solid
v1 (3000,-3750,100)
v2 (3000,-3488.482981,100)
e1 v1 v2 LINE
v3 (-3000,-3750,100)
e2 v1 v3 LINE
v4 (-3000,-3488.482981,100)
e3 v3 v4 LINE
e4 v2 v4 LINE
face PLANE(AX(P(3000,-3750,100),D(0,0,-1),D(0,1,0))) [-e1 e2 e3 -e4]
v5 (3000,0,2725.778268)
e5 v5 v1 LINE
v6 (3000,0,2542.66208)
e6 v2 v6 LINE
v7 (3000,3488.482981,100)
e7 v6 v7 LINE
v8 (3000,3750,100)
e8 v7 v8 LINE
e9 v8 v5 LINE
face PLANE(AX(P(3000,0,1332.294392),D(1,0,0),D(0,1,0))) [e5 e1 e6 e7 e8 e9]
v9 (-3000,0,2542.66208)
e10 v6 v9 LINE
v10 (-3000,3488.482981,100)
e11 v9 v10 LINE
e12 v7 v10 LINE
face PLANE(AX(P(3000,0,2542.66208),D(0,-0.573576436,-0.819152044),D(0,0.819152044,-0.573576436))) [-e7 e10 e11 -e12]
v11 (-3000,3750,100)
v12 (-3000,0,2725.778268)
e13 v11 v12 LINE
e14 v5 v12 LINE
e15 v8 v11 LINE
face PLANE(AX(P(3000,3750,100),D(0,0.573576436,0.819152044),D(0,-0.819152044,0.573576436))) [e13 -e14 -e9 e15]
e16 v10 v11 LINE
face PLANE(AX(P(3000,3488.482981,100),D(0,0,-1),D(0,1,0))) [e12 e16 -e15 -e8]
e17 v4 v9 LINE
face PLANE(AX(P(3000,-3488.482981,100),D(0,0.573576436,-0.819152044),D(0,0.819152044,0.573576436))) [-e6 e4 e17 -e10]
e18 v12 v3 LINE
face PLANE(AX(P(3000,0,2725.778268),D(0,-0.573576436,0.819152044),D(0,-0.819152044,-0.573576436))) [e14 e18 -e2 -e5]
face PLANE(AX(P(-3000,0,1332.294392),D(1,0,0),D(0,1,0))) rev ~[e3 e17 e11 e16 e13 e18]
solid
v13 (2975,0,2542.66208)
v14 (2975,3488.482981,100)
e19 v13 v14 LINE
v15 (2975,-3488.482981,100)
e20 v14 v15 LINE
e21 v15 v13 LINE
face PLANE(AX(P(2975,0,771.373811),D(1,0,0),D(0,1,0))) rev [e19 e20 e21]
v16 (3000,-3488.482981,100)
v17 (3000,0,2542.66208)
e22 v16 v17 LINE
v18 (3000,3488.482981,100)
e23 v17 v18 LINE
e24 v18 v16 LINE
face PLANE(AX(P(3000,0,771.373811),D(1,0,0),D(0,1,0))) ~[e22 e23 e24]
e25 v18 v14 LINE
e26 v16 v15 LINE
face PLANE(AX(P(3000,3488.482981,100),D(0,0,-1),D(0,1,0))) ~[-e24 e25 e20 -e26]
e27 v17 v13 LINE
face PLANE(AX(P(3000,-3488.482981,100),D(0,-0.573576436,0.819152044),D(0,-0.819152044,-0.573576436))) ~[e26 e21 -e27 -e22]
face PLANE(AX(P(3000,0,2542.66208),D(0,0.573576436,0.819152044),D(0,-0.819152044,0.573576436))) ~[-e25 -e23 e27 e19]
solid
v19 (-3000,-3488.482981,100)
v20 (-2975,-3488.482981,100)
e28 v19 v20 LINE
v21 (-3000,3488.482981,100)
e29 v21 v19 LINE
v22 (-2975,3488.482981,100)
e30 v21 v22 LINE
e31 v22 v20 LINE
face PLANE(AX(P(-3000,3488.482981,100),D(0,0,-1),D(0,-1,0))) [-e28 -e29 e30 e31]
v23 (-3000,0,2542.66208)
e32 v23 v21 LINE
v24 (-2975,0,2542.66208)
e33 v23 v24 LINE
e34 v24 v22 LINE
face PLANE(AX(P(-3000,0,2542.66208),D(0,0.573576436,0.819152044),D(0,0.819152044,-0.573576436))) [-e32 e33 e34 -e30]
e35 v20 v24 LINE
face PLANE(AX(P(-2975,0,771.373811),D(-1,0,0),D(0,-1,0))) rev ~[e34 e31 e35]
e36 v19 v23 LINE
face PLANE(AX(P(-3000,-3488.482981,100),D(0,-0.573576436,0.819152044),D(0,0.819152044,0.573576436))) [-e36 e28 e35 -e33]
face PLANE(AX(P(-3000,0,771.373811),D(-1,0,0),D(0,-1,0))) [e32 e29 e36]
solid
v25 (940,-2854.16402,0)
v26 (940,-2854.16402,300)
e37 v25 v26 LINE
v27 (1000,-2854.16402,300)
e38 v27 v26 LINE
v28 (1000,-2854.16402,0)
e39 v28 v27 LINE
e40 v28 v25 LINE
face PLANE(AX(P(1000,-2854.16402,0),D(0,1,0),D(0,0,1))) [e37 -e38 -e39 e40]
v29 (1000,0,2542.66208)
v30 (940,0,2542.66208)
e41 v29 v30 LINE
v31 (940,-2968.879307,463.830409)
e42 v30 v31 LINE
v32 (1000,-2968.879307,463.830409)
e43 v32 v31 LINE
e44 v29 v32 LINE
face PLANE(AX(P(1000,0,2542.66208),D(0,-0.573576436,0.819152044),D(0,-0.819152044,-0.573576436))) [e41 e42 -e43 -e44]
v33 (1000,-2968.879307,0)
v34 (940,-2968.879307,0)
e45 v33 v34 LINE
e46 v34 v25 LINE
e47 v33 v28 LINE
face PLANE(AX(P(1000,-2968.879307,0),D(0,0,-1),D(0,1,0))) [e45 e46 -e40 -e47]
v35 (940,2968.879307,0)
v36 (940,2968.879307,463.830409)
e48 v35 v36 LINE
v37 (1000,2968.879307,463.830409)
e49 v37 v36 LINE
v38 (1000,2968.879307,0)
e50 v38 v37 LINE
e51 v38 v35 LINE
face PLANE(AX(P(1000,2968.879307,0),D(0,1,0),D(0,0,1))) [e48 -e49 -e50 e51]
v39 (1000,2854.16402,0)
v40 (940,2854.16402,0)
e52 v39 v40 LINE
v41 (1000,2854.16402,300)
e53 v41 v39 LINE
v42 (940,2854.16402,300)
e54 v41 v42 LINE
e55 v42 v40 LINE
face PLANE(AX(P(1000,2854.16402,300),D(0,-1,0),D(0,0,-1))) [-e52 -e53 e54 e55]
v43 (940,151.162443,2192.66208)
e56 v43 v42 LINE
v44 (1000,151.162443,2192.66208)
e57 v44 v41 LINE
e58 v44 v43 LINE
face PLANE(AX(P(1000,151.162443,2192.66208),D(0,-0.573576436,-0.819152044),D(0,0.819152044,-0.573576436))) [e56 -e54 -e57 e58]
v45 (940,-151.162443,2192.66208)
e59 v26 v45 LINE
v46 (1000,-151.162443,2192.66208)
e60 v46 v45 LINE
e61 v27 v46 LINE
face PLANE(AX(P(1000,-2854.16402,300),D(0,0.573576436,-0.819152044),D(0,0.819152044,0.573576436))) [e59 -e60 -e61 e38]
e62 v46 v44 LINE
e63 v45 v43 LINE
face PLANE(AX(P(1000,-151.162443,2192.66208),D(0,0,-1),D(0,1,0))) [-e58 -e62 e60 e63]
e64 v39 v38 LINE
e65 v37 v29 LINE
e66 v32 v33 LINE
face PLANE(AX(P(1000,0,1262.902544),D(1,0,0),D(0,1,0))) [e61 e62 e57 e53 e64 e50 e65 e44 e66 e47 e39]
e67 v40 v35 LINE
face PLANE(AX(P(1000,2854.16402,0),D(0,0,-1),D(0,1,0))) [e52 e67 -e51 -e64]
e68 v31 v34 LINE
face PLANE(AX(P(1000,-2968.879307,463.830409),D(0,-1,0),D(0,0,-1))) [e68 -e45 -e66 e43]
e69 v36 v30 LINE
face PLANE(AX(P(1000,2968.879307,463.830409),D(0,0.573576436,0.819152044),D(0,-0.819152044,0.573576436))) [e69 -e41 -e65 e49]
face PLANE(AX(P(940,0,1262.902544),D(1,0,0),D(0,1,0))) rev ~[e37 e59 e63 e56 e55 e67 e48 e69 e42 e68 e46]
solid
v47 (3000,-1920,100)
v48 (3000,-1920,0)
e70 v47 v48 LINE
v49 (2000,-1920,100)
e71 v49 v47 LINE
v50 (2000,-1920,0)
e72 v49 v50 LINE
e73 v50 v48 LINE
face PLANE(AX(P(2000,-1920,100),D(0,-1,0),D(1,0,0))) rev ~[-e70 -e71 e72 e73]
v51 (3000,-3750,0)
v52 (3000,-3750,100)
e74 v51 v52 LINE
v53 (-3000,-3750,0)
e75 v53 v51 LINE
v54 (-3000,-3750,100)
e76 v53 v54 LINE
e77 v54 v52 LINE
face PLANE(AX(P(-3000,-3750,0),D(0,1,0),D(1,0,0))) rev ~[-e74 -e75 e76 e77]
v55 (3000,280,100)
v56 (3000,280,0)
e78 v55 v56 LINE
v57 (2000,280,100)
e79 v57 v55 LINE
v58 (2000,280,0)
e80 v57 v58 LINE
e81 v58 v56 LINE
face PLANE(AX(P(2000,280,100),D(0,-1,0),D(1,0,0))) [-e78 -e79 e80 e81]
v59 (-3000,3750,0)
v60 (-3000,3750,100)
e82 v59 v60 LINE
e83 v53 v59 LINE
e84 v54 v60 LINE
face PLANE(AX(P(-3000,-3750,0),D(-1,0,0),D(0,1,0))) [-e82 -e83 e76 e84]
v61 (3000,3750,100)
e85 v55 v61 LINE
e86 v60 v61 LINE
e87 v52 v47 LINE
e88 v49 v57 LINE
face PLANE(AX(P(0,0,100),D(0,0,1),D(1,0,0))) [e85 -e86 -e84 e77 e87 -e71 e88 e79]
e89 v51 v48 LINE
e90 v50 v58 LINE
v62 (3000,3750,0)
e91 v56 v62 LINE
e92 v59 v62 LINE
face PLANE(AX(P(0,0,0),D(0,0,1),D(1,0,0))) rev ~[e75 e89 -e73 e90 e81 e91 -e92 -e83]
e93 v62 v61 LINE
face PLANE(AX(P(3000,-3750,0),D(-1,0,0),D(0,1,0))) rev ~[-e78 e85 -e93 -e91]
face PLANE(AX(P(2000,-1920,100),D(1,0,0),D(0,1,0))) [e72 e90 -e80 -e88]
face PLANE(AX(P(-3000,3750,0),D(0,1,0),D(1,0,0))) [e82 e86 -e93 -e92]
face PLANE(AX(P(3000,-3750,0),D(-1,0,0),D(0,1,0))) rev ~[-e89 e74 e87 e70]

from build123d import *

# Parameters (mm, degrees)
F0_W      = 6000
F0_H      = 7500
F1_DEPTH  = 100
F2_W      = 1000
F2_H      = 2200
F3_DEPTH  = 100.001
F5_DEPTH  = 6000
F7_DEPTH  = 25
F11_DEPTH = 60


with BuildPart() as f1:
    # F0 (on Top) → F1 (new body)
    with BuildSketch(Plane.XY):
        Rectangle(F0_W, F0_H)
    extrude(amount=F1_DEPTH)

    # F2 (on face) → F3 (cut, through all)
    with BuildSketch(Plane.XY.offset(100)):
        with Locations((2500, -820)):
            Rectangle(F2_W, F2_H)
    extrude(amount=-F3_DEPTH, mode=Mode.SUBTRACT)


with BuildPart() as f5:
    # F4 (on face) → F5 (new body)
    with BuildSketch(Plane.YZ.offset(3000)):
        Polygon((0, 2725.778268), (-3750, 100), (-3488.482981, 100), (0, 2542.66208), (3488.482981, 100), (3750, 100), align=None)
    extrude(amount=-F5_DEPTH)


with BuildPart() as f7:
    # F6 (on face) → F7 (new body)
    with BuildSketch(Plane(origin=(-3000, 0, 0), x_dir=(0, -1, 0), z_dir=(-1, 0, 0))):
        Polygon((0, 2542.66208), (-3488.482981, 100), (3488.482981, 100), align=None)
    extrude(amount=-F7_DEPTH)


with BuildPart() as f8_1:
    # F8: instance of F7
    add(f7.part.mirror(Plane.YZ))


with BuildPart() as f11:
    # F10 (on offset) → F11 (new body)
    with BuildSketch(Plane.YZ.offset(1000)):
        Polygon((-2854.16402, 300), (-151.162443, 2192.66208), (151.162443, 2192.66208), (2854.16402, 300), (2854.16402, 0), (2968.879307, 0), (2968.879307, 463.830409), (0, 2542.66208), (-2968.879307, 463.830409), (-2968.879307, 0), (-2854.16402, 0), align=None)
    extrude(amount=-F11_DEPTH)


solid = Compound([f1.part, f5.part, f7.part, f8_1.part, f11.part])
